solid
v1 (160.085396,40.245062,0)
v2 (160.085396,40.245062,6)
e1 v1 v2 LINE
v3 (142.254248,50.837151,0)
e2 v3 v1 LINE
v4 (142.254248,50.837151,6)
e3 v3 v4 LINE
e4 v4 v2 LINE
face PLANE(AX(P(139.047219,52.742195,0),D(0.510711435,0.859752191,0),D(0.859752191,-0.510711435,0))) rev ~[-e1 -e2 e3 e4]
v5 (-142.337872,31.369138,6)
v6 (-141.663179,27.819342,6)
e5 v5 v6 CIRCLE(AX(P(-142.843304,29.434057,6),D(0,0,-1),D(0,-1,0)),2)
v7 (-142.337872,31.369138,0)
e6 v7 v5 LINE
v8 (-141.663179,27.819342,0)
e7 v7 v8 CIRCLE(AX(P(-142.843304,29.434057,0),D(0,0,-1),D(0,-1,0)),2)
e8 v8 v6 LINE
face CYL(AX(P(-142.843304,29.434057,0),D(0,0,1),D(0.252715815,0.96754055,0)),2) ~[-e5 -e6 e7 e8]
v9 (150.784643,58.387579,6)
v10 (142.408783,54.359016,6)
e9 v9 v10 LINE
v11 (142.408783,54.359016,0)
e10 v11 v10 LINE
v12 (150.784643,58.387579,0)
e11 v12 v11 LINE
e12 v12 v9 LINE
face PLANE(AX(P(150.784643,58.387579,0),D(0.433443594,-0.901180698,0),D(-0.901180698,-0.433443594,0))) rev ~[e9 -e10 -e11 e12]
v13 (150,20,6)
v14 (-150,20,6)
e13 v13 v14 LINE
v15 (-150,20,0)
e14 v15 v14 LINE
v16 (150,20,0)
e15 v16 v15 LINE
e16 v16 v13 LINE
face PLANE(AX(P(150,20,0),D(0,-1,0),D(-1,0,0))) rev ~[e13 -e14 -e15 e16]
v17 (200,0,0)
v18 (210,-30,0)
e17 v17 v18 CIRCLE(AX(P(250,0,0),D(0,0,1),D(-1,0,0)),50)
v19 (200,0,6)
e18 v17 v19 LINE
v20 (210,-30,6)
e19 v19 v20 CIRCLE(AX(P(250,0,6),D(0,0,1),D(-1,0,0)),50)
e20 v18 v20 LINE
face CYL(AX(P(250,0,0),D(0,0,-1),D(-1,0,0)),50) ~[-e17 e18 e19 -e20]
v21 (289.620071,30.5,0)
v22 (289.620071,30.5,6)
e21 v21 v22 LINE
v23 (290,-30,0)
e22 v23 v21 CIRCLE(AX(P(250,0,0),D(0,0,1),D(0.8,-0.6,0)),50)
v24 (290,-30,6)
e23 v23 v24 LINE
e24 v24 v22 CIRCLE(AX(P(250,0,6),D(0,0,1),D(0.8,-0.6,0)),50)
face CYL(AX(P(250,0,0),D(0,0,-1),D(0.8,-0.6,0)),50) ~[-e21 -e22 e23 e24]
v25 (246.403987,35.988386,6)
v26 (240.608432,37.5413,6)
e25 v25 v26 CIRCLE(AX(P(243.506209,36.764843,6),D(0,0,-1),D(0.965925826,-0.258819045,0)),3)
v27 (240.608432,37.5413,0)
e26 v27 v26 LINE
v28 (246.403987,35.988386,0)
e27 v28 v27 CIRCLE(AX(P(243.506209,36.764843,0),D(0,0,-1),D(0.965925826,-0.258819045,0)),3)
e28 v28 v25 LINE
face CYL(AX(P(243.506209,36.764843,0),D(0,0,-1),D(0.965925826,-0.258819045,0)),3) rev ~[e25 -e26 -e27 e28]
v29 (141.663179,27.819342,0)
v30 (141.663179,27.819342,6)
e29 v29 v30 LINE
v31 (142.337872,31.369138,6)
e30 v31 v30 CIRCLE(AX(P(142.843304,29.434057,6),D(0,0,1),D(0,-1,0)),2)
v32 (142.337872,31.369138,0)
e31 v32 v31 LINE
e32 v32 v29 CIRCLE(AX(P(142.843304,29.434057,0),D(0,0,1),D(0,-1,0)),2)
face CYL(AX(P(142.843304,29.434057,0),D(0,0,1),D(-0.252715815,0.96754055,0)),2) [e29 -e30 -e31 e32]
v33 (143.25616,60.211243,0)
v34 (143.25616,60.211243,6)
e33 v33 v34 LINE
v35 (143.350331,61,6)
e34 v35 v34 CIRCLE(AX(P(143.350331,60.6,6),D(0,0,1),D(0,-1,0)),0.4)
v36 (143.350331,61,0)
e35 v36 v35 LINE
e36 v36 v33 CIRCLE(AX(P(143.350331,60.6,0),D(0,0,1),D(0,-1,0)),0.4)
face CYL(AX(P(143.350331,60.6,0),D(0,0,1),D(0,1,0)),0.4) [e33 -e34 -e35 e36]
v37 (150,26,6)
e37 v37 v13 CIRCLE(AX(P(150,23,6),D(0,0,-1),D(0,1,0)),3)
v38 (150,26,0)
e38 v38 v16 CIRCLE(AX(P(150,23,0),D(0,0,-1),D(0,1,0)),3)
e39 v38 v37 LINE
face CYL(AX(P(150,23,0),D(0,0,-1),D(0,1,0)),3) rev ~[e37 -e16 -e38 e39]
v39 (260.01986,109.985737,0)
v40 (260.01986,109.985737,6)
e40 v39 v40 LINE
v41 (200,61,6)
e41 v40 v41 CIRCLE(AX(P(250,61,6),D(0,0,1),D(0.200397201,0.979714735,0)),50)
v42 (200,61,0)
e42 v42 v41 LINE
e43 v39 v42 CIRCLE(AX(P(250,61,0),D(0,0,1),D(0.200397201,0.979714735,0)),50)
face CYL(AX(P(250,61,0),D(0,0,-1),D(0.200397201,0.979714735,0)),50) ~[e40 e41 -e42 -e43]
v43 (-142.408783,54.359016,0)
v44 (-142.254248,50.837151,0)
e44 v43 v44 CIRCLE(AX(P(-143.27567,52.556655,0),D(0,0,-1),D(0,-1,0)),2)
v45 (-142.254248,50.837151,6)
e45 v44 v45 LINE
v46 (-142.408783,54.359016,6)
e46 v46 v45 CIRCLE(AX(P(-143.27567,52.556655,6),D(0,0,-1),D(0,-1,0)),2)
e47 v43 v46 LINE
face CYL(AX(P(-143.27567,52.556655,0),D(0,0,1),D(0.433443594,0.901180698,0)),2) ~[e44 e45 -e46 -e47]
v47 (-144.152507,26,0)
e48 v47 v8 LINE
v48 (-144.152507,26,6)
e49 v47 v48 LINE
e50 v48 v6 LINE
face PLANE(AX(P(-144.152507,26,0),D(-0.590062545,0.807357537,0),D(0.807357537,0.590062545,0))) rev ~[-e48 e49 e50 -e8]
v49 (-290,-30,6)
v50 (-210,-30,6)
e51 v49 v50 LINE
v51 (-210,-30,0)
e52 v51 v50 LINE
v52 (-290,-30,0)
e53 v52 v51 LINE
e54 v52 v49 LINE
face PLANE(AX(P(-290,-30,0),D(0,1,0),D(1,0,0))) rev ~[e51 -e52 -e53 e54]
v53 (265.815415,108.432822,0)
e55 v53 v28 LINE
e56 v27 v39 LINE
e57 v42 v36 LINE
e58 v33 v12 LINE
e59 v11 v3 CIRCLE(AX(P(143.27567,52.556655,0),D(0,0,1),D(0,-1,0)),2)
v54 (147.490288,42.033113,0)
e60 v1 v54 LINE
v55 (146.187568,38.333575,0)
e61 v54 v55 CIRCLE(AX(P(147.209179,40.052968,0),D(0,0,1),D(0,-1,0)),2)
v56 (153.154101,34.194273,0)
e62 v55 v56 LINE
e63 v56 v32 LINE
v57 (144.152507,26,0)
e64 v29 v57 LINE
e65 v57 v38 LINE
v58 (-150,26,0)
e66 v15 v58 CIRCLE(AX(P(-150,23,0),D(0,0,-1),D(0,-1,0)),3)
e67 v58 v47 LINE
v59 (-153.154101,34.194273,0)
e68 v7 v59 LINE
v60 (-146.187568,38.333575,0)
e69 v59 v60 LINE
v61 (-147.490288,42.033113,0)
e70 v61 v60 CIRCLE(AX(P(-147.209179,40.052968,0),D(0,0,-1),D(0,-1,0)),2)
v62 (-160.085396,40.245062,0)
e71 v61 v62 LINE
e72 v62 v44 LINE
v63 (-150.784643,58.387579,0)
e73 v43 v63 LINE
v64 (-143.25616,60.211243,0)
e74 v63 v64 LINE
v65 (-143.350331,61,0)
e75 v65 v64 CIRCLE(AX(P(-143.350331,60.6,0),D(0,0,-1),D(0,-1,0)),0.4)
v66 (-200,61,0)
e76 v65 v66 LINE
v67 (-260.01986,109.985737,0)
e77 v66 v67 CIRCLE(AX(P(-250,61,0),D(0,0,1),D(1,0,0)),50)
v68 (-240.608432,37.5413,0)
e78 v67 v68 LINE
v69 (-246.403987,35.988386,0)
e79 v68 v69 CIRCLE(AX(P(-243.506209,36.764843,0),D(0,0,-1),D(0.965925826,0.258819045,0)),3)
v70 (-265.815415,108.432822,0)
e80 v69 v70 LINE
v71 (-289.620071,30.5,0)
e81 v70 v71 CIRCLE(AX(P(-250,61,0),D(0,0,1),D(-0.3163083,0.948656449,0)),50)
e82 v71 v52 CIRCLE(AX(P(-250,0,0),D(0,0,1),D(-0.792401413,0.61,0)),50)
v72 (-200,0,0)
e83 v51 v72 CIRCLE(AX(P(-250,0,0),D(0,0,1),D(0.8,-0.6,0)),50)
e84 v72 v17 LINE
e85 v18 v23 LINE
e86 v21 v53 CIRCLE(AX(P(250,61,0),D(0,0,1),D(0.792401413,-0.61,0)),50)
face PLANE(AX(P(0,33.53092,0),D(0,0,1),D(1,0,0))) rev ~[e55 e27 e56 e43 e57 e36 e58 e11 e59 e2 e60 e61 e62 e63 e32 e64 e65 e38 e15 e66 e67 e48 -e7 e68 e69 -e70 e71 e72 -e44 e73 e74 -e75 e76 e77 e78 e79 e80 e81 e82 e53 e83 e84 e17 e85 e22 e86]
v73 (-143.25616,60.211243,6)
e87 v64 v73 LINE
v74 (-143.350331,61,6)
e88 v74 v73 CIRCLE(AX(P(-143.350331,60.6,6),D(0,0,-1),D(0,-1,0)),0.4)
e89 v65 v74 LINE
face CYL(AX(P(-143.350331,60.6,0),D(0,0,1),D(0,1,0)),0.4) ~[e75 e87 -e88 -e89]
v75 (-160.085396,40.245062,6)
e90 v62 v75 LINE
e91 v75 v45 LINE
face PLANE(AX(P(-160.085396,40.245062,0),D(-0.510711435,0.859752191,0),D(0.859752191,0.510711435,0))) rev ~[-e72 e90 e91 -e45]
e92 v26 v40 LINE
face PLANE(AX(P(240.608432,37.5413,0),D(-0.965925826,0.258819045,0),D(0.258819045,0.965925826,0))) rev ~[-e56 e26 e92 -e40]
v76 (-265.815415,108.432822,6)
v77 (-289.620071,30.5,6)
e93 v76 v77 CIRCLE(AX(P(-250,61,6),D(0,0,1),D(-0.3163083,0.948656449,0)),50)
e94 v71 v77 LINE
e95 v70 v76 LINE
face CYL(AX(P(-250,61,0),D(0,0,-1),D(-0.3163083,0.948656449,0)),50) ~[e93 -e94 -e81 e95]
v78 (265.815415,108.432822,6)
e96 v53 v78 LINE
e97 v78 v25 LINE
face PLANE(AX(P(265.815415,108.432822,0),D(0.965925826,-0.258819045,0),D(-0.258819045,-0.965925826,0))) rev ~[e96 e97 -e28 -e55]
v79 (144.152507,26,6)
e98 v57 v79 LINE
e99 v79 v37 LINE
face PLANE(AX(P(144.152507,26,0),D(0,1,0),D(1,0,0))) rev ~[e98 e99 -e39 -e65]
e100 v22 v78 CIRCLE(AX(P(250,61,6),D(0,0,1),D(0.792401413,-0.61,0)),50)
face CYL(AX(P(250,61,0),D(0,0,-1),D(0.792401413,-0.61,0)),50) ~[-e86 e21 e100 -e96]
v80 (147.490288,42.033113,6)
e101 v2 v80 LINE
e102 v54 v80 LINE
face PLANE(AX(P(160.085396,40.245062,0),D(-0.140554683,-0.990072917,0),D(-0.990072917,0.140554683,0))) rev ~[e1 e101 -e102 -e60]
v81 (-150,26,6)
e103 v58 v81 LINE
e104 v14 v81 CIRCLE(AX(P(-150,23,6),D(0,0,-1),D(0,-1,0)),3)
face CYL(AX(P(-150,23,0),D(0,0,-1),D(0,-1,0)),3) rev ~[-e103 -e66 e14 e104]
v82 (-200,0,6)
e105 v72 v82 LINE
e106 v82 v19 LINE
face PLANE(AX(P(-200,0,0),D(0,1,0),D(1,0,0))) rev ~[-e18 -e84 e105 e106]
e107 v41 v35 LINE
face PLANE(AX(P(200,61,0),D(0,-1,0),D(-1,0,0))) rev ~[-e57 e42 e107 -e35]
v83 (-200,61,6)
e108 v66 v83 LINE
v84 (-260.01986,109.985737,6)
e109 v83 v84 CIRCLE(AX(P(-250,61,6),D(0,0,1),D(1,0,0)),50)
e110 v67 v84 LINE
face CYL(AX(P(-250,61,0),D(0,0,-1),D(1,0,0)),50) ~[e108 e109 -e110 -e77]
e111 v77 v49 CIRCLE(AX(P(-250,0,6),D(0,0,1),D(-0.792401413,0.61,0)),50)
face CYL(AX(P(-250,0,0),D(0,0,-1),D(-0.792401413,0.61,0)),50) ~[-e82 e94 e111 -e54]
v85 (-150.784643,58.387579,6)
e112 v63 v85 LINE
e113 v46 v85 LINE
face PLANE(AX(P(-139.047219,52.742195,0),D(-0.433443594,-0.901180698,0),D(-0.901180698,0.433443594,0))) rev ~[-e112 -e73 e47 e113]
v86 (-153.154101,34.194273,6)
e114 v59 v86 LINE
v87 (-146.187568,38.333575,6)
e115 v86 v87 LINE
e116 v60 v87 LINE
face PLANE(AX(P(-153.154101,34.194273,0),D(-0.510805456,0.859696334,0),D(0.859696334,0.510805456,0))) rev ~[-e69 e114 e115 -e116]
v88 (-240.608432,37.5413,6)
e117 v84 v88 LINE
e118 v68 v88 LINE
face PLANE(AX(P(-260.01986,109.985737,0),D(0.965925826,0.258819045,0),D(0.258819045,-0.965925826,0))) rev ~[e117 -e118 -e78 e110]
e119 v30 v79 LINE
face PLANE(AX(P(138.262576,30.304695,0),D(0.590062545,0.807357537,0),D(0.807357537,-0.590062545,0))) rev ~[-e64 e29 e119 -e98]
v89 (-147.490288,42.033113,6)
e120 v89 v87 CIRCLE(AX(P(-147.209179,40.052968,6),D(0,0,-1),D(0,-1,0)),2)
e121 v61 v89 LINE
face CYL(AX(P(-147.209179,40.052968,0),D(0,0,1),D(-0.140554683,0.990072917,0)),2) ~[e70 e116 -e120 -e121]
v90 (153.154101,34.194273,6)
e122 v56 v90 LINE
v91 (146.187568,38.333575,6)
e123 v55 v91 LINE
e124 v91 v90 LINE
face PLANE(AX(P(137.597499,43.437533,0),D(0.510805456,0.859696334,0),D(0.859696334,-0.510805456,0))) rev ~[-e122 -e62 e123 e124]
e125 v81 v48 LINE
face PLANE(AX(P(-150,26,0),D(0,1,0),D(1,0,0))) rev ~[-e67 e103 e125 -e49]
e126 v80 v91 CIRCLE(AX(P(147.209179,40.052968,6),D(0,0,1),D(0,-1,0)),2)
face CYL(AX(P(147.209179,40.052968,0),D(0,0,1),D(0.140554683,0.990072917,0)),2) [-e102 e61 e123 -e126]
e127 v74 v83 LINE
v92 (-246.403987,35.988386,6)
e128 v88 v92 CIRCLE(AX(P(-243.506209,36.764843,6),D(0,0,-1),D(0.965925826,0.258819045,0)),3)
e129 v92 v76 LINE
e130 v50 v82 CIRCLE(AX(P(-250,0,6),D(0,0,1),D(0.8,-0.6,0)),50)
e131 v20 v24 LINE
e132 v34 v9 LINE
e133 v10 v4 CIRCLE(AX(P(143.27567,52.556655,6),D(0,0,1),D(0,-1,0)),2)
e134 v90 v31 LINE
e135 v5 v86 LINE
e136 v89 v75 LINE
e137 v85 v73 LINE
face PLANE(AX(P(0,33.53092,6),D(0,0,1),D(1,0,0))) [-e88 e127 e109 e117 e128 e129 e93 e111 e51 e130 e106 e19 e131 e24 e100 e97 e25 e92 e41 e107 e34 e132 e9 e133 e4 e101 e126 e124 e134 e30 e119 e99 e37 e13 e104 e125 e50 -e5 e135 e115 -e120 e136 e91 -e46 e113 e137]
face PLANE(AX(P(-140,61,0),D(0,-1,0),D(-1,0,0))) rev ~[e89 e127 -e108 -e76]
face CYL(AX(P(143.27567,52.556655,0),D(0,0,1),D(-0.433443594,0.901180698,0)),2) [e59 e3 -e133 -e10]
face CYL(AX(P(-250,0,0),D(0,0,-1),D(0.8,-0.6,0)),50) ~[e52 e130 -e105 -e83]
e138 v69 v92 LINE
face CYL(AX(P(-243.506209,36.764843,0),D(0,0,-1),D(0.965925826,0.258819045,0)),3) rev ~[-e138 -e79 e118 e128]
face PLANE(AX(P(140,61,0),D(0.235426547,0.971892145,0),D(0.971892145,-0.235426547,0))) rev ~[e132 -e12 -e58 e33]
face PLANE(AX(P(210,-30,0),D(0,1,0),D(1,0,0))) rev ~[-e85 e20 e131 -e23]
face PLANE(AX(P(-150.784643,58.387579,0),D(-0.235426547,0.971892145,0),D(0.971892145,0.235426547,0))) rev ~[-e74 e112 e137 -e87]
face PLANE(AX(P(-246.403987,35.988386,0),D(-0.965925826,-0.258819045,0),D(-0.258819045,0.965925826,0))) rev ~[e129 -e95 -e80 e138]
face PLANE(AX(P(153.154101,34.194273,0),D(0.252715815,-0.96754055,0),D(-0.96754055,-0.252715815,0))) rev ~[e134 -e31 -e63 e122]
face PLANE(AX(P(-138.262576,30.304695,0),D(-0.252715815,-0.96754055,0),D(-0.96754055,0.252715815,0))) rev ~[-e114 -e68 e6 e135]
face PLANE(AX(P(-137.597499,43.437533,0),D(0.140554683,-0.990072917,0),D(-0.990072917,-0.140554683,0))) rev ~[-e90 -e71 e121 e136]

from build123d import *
from OCP.BRepFilletAPI import BRepFilletAPI_MakeFillet

# Parameters (mm, degrees)
RESSALTO_EXTRUS_O2_DEPTH = 6
FILETE2_R1               = 2
FILETE2_R2               = 0.4
FILETE3_R                = 0.4
FILETE4_R                = 2


with BuildPart() as part:
    # Esbo_o1 → Ressalto-extrus_o2 (new body)
    with BuildSketch(Plane.XY):
        with BuildLine():
            Line((-199.999999999, 0), (199.999999999, 0))
            ThreePointArc((199.999999999, 0), (202.565835097, -15.811388301), (209.999999999, -30))
            Line((209.999999999, -30), (289.999999999, -30))
            ThreePointArc((289.999999999, -30), (299.999014124, 0.31398499), (289.62007067, 30.5))
            ThreePointArc((289.62007067, 30.5), (297.818976076, 75.60635228), (265.815415017, 108.432822474))
            Line((265.815415017, 108.432822474), (246.403986634, 35.988385502))
            ThreePointArc((246.403986634, 35.988385502), (242.72975202, 33.867065158), (240.608431676, 37.541299773))
            Line((240.608431676, 37.541299773), (260.019860059, 109.985736744))
            ThreePointArc((260.019860059, 109.985736744), (218.38507475, 99.736242739), (199.999999999, 61))
            Line((199.999999999, 61), (140, 61))
            Line((140, 61), (150.784643454, 58.387579086))
            Line((150.784643454, 58.387579086), (139.047219324, 52.742194858))
            Line((139.047219324, 52.742194858), (160.085396074, 40.245061921))
            Line((160.085396074, 40.245061921), (137.597498913, 43.437533109))
            Line((137.597498913, 43.437533109), (153.154101004, 34.194272541))
            Line((153.154101004, 34.194272541), (138.26257587, 30.30469508))
            Line((138.26257587, 30.30469508), (144.152507453, 26))
            Line((144.152507453, 26), (149.999999999, 26))
            ThreePointArc((149.999999999, 26), (152.999999999, 23), (149.999999999, 20))
            Line((149.999999999, 20), (-149.999999999, 20))
            ThreePointArc((-149.999999999, 20), (-152.999999999, 23), (-149.999999999, 26))
            Line((-149.999999999, 26), (-144.152507453, 26))
            Line((-144.152507453, 26), (-138.26257587, 30.30469508))
            Line((-138.26257587, 30.30469508), (-153.154101004, 34.194272541))
            Line((-153.154101004, 34.194272541), (-137.597498913, 43.437533109))
            Line((-137.597498913, 43.437533109), (-160.085396074, 40.245061921))
            Line((-160.085396074, 40.245061921), (-139.047219324, 52.742194858))
            Line((-139.047219324, 52.742194858), (-150.784643454, 58.387579086))
            Line((-150.784643454, 58.387579086), (-140, 61))
            Line((-140, 61), (-199.999999999, 61))
            ThreePointArc((-199.999999999, 61), (-218.38507475, 99.736242739), (-260.019860059, 109.985736744))
            Line((-260.019860059, 109.985736744), (-240.608431676, 37.541299773))
            ThreePointArc((-240.608431676, 37.541299773), (-242.72975202, 33.867065158), (-246.403986634, 35.988385502))
            Line((-246.403986634, 35.988385502), (-265.815415017, 108.432822474))
            ThreePointArc((-265.815415017, 108.432822474), (-297.818976076, 75.60635228), (-289.62007067, 30.5))
            ThreePointArc((-289.62007067, 30.5), (-299.999014124, 0.31398499), (-289.999999999, -30))
            Line((-289.999999999, -30), (-209.999999999, -30))
            ThreePointArc((-209.999999999, -30), (-202.565835097, -15.811388301), (-199.999999999, 0))
        make_face()
    extrude(amount=RESSALTO_EXTRUS_O2_DEPTH)

    # Filete2: one fillet with a radius per group of edges: ONE call of the kernel's fillet builder (fillet() takes one radius for all edges)
    filete2_edges_1 = [part.edges().sort_by_distance(p)[0] for p in [
        (139.047219324, 52.742194858, 3),
        (137.597498913, 43.437533109, 3),
        (138.26257587, 30.30469508, 3),
    ]]
    filete2_edges_2 = [part.edges().sort_by_distance(p)[0] for p in [
        (140, 61, 3),
    ]]
    filete2 = BRepFilletAPI_MakeFillet(part.part.solid().wrapped)
    for e in filete2_edges_1:
        filete2.Add(FILETE2_R1, e.wrapped)
    for e in filete2_edges_2:
        filete2.Add(FILETE2_R2, e.wrapped)
    add(Compound.cast(filete2.Shape()), mode=Mode.REPLACE)

    # Filete3
    filete3_edges = [part.edges().sort_by_distance(p)[0] for p in [
        (-140, 61, 3),
    ]]
    fillet(filete3_edges, radius=FILETE3_R)

    # Filete4
    filete4_edges = [part.edges().sort_by_distance(p)[0] for p in [
        (-139.047219324, 52.742194858, 3),
        (-137.597498913, 43.437533109, 3),
        (-138.26257587, 30.30469508, 3),
    ]]
    fillet(filete4_edges, radius=FILETE4_R)


solid = part.part
